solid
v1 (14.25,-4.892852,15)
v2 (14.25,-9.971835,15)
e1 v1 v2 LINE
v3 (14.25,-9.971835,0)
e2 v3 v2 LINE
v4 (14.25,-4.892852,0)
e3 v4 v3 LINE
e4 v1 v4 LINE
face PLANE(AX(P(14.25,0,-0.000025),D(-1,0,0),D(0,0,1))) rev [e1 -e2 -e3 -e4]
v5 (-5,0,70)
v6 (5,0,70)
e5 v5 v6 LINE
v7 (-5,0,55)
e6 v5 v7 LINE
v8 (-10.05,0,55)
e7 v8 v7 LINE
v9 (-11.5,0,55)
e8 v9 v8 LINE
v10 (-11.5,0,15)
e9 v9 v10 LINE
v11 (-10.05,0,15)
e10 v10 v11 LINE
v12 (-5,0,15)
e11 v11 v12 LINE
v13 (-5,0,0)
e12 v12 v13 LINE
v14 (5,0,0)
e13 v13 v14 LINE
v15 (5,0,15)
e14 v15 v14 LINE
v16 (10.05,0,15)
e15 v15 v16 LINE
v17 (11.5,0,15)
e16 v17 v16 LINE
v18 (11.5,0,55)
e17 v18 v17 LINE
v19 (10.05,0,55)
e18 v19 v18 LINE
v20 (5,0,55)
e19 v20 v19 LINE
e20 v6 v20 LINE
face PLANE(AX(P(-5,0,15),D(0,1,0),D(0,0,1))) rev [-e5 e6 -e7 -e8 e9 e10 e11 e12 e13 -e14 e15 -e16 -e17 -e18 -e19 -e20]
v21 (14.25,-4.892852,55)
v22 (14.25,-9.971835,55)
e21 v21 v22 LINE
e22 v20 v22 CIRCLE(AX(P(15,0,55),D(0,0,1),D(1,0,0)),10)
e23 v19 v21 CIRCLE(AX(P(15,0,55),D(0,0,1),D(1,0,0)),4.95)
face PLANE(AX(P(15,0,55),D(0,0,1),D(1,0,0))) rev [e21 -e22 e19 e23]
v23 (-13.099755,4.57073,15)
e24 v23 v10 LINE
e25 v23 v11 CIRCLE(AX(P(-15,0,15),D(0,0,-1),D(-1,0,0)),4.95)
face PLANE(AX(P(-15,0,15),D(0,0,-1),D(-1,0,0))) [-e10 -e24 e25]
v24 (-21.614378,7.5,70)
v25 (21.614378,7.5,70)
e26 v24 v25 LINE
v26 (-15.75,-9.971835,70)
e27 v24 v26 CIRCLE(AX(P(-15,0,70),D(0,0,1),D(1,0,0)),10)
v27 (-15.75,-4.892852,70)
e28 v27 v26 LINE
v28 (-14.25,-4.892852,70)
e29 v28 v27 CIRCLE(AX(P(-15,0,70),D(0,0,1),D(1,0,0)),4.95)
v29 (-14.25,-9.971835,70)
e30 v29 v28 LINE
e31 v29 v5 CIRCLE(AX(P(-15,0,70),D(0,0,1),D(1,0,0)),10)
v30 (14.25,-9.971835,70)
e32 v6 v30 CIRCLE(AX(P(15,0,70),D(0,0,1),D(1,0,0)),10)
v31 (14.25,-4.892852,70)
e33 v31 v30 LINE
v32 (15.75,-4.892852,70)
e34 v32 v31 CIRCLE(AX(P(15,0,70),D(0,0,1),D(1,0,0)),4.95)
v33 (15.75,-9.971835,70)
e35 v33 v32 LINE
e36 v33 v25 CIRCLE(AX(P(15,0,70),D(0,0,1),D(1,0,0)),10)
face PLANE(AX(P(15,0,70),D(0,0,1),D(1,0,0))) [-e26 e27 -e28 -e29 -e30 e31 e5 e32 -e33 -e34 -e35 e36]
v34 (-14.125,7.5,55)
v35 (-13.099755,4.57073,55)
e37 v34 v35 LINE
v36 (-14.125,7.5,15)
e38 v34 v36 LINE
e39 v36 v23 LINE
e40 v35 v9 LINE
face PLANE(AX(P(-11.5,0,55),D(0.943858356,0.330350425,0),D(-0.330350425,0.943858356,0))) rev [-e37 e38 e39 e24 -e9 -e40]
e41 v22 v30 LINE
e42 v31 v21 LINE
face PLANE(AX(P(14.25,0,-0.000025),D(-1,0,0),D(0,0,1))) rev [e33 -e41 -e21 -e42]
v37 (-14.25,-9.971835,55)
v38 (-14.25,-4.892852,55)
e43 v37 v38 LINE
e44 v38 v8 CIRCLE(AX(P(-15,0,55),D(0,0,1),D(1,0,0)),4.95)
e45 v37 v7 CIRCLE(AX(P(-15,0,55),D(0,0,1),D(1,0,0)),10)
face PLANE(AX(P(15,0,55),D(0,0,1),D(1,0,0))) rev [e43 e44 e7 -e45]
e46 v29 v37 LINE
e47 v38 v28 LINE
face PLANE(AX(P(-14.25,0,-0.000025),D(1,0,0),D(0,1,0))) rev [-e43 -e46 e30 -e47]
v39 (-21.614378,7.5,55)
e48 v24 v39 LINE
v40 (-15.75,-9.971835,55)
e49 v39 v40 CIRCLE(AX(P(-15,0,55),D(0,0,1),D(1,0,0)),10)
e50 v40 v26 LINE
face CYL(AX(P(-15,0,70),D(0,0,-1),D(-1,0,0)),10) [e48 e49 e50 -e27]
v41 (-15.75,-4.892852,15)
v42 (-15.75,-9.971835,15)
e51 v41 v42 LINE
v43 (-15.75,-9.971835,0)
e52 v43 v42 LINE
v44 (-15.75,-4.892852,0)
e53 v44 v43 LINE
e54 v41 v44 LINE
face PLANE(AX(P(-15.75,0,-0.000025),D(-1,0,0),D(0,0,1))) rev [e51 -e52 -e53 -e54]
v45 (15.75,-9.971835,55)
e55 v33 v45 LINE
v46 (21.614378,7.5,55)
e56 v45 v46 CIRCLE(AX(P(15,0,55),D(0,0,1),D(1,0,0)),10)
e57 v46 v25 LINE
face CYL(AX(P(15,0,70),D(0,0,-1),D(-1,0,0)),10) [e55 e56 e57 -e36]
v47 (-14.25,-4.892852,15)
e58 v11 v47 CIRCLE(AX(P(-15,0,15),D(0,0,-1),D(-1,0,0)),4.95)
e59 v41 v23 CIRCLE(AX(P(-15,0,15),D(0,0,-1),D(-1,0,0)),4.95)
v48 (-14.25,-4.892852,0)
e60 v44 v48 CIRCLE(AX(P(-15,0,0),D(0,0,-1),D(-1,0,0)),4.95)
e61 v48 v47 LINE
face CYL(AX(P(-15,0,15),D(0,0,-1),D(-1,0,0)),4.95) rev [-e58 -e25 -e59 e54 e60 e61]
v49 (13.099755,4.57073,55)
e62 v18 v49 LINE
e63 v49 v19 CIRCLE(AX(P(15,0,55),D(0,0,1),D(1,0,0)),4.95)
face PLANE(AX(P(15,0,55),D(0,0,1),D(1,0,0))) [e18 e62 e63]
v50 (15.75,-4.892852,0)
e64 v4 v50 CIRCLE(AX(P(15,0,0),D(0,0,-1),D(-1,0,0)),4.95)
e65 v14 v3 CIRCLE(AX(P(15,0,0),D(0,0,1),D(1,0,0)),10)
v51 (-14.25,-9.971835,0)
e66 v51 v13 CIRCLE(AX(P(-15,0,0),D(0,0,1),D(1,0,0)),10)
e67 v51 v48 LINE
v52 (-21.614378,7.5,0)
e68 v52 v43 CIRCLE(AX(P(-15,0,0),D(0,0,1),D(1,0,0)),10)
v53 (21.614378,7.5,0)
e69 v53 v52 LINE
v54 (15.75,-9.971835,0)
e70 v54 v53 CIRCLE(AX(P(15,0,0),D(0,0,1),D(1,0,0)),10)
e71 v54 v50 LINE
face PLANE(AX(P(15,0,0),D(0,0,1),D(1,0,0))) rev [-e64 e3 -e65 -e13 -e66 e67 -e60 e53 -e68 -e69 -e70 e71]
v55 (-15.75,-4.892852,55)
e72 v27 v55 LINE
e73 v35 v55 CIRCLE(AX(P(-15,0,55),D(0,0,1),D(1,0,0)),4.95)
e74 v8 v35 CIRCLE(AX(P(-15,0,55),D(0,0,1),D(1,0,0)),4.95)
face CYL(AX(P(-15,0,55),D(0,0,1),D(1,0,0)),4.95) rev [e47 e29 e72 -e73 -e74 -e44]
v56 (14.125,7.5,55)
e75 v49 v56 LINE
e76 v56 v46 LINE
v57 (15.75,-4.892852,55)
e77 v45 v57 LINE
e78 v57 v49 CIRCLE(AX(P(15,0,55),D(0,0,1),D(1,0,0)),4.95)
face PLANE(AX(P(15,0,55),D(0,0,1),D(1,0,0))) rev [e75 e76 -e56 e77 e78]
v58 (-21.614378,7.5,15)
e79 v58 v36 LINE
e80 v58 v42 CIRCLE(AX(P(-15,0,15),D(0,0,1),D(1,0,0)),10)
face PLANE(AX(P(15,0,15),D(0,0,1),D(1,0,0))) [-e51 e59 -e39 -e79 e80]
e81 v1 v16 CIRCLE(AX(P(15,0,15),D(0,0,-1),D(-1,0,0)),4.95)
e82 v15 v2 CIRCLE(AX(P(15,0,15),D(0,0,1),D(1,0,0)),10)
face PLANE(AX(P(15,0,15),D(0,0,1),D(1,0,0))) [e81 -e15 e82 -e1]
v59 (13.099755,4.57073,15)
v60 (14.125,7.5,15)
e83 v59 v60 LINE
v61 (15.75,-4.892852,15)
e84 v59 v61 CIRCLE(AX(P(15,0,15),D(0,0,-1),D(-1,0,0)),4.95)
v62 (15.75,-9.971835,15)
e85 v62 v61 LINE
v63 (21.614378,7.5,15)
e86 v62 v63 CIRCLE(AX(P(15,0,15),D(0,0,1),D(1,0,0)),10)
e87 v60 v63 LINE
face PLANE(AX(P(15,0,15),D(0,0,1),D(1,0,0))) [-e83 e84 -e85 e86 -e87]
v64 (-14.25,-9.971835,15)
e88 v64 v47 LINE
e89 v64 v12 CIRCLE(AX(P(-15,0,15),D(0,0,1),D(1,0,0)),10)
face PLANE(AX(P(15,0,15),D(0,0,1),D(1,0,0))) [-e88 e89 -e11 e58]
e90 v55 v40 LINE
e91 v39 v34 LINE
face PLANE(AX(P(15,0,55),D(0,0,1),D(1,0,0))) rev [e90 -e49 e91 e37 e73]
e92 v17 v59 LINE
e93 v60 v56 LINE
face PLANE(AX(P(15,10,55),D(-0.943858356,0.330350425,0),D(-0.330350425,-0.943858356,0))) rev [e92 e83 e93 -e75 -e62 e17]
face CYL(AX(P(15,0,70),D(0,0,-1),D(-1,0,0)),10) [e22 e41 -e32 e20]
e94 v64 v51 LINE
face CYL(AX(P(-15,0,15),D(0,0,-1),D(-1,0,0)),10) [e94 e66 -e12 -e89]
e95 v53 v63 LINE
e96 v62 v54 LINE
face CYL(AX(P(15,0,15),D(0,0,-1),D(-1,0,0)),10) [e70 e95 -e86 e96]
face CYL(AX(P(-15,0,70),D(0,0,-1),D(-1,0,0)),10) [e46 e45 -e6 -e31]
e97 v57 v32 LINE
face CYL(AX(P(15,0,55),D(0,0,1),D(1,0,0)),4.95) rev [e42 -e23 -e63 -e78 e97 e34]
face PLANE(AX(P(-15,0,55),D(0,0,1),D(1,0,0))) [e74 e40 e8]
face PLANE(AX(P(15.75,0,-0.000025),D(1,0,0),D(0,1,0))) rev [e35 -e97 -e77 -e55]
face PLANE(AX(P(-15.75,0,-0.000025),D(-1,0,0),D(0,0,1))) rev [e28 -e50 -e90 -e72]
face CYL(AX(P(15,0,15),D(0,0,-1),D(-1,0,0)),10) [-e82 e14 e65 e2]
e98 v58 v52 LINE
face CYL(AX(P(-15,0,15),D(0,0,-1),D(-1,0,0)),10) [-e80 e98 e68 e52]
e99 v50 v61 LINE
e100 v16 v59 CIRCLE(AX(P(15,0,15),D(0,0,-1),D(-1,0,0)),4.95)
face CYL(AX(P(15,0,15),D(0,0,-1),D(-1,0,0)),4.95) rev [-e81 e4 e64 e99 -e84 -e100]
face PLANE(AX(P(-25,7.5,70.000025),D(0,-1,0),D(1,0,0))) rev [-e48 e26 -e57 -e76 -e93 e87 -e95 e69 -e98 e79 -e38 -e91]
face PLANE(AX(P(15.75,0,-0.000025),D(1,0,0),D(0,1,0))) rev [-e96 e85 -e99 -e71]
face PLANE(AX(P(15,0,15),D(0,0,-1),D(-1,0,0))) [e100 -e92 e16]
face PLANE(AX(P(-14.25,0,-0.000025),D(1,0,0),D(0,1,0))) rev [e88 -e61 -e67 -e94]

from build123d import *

# Parameters (mm, degrees)
BOSS_EXTRUDE1_DEPTH = 15
BOSS_EXTRUDE2_DEPTH = 40
BOSS_EXTRUDE3_DEPTH = 15
SKETCH5_R           = 4.95
CUT_EXTRUDE1_DEPTH  = 15
CUT_EXTRUDE2_START  = -15
SKETCH6_R           = 4.95
CUT_EXTRUDE2_DEPTH  = 15
SKETCH7_W           = 1.5
SKETCH7_H           = 10
CUT_EXTRUDE3_DEPTH  = 76
SKETCH8_W           = 50
SKETCH8_H           = 2.5
CUT_EXTRUDE4_DEPTH  = 76


with BuildPart() as part:
    # Sketch2 → Boss-Extrude1 (new body)
    with BuildSketch(Plane.XY):
        with BuildLine():
            Line((-5, 10), (-15, 10))
            ThreePointArc((-15, 10), (-22.071067812, -7.071067812), (-5, 0))
            Line((-5, 0), (5, 0))
            ThreePointArc((5, 0), (22.071067812, -7.071067812), (15, 10))
            Line((15, 10), (5, 10))
            Line((5, 10), (-5, 10))
        make_face()
    extrude(amount=BOSS_EXTRUDE1_DEPTH)

    # Sketch3 → Boss-Extrude2 (add)
    with BuildSketch(Plane.XY.offset(15)):
        Polygon((-11.5, 0), (-15, 10), (15, 10), (11.5, 0), align=None)
    extrude(amount=BOSS_EXTRUDE2_DEPTH)

    # Sketch4 → Boss-Extrude3 (add)
    with BuildSketch(Plane.XY.offset(55)):
        with BuildLine():
            Line((-5, 10), (-15, 10))
            ThreePointArc((-15, 10), (-22.071067812, -7.071067812), (-5, 0))
            Line((-5, 0), (5, 0))
            ThreePointArc((5, 0), (22.071067812, -7.071067812), (15, 10))
            Line((15, 10), (5, 10))
            Line((5, 10), (-5, 10))
        make_face()
    extrude(amount=BOSS_EXTRUDE3_DEPTH)

    # Sketch5 → Cut-Extrude1 (cut)
    with BuildSketch(Plane(origin=(0, 0, 0), x_dir=(-1, 0, 0), z_dir=(0, 0, -1))):
        with Locations((15, 0)):
            Circle(SKETCH5_R)
        with Locations((-15, 0)):
            Circle(SKETCH5_R)
    extrude(amount=-CUT_EXTRUDE1_DEPTH, mode=Mode.SUBTRACT)

    # Sketch6 → Cut-Extrude2 (cut)
    with BuildSketch(Plane.XY.offset(70).offset(CUT_EXTRUDE2_START)):
        with Locations(Location((-15, 0, 0), (0, 0, 180))):
            Circle(SKETCH6_R)
        with Locations(Location((15, 0, 0), (0, 0, 180))):
            Circle(SKETCH6_R)
    extrude(amount=CUT_EXTRUDE2_DEPTH, mode=Mode.SUBTRACT)

    # Sketch7 → Cut-Extrude3 (cut, through all)
    with BuildSketch(Plane.XY.offset(70)):
        with Locations((-15, -5)):
            Rectangle(SKETCH7_W, SKETCH7_H)
        with Locations((15, -5)):
            Rectangle(SKETCH7_W, SKETCH7_H)
    extrude(amount=-CUT_EXTRUDE3_DEPTH, mode=Mode.SUBTRACT)

    # Sketch8 → Cut-Extrude4 (cut, through all)
    with BuildSketch(Plane(origin=(0, 0, 0), x_dir=(-1, 0, 0), z_dir=(0, 0, -1))):
        with Locations((0, 8.75)):
            Rectangle(SKETCH8_W, SKETCH8_H)
    extrude(amount=-CUT_EXTRUDE4_DEPTH, mode=Mode.SUBTRACT)


solid = part.part
